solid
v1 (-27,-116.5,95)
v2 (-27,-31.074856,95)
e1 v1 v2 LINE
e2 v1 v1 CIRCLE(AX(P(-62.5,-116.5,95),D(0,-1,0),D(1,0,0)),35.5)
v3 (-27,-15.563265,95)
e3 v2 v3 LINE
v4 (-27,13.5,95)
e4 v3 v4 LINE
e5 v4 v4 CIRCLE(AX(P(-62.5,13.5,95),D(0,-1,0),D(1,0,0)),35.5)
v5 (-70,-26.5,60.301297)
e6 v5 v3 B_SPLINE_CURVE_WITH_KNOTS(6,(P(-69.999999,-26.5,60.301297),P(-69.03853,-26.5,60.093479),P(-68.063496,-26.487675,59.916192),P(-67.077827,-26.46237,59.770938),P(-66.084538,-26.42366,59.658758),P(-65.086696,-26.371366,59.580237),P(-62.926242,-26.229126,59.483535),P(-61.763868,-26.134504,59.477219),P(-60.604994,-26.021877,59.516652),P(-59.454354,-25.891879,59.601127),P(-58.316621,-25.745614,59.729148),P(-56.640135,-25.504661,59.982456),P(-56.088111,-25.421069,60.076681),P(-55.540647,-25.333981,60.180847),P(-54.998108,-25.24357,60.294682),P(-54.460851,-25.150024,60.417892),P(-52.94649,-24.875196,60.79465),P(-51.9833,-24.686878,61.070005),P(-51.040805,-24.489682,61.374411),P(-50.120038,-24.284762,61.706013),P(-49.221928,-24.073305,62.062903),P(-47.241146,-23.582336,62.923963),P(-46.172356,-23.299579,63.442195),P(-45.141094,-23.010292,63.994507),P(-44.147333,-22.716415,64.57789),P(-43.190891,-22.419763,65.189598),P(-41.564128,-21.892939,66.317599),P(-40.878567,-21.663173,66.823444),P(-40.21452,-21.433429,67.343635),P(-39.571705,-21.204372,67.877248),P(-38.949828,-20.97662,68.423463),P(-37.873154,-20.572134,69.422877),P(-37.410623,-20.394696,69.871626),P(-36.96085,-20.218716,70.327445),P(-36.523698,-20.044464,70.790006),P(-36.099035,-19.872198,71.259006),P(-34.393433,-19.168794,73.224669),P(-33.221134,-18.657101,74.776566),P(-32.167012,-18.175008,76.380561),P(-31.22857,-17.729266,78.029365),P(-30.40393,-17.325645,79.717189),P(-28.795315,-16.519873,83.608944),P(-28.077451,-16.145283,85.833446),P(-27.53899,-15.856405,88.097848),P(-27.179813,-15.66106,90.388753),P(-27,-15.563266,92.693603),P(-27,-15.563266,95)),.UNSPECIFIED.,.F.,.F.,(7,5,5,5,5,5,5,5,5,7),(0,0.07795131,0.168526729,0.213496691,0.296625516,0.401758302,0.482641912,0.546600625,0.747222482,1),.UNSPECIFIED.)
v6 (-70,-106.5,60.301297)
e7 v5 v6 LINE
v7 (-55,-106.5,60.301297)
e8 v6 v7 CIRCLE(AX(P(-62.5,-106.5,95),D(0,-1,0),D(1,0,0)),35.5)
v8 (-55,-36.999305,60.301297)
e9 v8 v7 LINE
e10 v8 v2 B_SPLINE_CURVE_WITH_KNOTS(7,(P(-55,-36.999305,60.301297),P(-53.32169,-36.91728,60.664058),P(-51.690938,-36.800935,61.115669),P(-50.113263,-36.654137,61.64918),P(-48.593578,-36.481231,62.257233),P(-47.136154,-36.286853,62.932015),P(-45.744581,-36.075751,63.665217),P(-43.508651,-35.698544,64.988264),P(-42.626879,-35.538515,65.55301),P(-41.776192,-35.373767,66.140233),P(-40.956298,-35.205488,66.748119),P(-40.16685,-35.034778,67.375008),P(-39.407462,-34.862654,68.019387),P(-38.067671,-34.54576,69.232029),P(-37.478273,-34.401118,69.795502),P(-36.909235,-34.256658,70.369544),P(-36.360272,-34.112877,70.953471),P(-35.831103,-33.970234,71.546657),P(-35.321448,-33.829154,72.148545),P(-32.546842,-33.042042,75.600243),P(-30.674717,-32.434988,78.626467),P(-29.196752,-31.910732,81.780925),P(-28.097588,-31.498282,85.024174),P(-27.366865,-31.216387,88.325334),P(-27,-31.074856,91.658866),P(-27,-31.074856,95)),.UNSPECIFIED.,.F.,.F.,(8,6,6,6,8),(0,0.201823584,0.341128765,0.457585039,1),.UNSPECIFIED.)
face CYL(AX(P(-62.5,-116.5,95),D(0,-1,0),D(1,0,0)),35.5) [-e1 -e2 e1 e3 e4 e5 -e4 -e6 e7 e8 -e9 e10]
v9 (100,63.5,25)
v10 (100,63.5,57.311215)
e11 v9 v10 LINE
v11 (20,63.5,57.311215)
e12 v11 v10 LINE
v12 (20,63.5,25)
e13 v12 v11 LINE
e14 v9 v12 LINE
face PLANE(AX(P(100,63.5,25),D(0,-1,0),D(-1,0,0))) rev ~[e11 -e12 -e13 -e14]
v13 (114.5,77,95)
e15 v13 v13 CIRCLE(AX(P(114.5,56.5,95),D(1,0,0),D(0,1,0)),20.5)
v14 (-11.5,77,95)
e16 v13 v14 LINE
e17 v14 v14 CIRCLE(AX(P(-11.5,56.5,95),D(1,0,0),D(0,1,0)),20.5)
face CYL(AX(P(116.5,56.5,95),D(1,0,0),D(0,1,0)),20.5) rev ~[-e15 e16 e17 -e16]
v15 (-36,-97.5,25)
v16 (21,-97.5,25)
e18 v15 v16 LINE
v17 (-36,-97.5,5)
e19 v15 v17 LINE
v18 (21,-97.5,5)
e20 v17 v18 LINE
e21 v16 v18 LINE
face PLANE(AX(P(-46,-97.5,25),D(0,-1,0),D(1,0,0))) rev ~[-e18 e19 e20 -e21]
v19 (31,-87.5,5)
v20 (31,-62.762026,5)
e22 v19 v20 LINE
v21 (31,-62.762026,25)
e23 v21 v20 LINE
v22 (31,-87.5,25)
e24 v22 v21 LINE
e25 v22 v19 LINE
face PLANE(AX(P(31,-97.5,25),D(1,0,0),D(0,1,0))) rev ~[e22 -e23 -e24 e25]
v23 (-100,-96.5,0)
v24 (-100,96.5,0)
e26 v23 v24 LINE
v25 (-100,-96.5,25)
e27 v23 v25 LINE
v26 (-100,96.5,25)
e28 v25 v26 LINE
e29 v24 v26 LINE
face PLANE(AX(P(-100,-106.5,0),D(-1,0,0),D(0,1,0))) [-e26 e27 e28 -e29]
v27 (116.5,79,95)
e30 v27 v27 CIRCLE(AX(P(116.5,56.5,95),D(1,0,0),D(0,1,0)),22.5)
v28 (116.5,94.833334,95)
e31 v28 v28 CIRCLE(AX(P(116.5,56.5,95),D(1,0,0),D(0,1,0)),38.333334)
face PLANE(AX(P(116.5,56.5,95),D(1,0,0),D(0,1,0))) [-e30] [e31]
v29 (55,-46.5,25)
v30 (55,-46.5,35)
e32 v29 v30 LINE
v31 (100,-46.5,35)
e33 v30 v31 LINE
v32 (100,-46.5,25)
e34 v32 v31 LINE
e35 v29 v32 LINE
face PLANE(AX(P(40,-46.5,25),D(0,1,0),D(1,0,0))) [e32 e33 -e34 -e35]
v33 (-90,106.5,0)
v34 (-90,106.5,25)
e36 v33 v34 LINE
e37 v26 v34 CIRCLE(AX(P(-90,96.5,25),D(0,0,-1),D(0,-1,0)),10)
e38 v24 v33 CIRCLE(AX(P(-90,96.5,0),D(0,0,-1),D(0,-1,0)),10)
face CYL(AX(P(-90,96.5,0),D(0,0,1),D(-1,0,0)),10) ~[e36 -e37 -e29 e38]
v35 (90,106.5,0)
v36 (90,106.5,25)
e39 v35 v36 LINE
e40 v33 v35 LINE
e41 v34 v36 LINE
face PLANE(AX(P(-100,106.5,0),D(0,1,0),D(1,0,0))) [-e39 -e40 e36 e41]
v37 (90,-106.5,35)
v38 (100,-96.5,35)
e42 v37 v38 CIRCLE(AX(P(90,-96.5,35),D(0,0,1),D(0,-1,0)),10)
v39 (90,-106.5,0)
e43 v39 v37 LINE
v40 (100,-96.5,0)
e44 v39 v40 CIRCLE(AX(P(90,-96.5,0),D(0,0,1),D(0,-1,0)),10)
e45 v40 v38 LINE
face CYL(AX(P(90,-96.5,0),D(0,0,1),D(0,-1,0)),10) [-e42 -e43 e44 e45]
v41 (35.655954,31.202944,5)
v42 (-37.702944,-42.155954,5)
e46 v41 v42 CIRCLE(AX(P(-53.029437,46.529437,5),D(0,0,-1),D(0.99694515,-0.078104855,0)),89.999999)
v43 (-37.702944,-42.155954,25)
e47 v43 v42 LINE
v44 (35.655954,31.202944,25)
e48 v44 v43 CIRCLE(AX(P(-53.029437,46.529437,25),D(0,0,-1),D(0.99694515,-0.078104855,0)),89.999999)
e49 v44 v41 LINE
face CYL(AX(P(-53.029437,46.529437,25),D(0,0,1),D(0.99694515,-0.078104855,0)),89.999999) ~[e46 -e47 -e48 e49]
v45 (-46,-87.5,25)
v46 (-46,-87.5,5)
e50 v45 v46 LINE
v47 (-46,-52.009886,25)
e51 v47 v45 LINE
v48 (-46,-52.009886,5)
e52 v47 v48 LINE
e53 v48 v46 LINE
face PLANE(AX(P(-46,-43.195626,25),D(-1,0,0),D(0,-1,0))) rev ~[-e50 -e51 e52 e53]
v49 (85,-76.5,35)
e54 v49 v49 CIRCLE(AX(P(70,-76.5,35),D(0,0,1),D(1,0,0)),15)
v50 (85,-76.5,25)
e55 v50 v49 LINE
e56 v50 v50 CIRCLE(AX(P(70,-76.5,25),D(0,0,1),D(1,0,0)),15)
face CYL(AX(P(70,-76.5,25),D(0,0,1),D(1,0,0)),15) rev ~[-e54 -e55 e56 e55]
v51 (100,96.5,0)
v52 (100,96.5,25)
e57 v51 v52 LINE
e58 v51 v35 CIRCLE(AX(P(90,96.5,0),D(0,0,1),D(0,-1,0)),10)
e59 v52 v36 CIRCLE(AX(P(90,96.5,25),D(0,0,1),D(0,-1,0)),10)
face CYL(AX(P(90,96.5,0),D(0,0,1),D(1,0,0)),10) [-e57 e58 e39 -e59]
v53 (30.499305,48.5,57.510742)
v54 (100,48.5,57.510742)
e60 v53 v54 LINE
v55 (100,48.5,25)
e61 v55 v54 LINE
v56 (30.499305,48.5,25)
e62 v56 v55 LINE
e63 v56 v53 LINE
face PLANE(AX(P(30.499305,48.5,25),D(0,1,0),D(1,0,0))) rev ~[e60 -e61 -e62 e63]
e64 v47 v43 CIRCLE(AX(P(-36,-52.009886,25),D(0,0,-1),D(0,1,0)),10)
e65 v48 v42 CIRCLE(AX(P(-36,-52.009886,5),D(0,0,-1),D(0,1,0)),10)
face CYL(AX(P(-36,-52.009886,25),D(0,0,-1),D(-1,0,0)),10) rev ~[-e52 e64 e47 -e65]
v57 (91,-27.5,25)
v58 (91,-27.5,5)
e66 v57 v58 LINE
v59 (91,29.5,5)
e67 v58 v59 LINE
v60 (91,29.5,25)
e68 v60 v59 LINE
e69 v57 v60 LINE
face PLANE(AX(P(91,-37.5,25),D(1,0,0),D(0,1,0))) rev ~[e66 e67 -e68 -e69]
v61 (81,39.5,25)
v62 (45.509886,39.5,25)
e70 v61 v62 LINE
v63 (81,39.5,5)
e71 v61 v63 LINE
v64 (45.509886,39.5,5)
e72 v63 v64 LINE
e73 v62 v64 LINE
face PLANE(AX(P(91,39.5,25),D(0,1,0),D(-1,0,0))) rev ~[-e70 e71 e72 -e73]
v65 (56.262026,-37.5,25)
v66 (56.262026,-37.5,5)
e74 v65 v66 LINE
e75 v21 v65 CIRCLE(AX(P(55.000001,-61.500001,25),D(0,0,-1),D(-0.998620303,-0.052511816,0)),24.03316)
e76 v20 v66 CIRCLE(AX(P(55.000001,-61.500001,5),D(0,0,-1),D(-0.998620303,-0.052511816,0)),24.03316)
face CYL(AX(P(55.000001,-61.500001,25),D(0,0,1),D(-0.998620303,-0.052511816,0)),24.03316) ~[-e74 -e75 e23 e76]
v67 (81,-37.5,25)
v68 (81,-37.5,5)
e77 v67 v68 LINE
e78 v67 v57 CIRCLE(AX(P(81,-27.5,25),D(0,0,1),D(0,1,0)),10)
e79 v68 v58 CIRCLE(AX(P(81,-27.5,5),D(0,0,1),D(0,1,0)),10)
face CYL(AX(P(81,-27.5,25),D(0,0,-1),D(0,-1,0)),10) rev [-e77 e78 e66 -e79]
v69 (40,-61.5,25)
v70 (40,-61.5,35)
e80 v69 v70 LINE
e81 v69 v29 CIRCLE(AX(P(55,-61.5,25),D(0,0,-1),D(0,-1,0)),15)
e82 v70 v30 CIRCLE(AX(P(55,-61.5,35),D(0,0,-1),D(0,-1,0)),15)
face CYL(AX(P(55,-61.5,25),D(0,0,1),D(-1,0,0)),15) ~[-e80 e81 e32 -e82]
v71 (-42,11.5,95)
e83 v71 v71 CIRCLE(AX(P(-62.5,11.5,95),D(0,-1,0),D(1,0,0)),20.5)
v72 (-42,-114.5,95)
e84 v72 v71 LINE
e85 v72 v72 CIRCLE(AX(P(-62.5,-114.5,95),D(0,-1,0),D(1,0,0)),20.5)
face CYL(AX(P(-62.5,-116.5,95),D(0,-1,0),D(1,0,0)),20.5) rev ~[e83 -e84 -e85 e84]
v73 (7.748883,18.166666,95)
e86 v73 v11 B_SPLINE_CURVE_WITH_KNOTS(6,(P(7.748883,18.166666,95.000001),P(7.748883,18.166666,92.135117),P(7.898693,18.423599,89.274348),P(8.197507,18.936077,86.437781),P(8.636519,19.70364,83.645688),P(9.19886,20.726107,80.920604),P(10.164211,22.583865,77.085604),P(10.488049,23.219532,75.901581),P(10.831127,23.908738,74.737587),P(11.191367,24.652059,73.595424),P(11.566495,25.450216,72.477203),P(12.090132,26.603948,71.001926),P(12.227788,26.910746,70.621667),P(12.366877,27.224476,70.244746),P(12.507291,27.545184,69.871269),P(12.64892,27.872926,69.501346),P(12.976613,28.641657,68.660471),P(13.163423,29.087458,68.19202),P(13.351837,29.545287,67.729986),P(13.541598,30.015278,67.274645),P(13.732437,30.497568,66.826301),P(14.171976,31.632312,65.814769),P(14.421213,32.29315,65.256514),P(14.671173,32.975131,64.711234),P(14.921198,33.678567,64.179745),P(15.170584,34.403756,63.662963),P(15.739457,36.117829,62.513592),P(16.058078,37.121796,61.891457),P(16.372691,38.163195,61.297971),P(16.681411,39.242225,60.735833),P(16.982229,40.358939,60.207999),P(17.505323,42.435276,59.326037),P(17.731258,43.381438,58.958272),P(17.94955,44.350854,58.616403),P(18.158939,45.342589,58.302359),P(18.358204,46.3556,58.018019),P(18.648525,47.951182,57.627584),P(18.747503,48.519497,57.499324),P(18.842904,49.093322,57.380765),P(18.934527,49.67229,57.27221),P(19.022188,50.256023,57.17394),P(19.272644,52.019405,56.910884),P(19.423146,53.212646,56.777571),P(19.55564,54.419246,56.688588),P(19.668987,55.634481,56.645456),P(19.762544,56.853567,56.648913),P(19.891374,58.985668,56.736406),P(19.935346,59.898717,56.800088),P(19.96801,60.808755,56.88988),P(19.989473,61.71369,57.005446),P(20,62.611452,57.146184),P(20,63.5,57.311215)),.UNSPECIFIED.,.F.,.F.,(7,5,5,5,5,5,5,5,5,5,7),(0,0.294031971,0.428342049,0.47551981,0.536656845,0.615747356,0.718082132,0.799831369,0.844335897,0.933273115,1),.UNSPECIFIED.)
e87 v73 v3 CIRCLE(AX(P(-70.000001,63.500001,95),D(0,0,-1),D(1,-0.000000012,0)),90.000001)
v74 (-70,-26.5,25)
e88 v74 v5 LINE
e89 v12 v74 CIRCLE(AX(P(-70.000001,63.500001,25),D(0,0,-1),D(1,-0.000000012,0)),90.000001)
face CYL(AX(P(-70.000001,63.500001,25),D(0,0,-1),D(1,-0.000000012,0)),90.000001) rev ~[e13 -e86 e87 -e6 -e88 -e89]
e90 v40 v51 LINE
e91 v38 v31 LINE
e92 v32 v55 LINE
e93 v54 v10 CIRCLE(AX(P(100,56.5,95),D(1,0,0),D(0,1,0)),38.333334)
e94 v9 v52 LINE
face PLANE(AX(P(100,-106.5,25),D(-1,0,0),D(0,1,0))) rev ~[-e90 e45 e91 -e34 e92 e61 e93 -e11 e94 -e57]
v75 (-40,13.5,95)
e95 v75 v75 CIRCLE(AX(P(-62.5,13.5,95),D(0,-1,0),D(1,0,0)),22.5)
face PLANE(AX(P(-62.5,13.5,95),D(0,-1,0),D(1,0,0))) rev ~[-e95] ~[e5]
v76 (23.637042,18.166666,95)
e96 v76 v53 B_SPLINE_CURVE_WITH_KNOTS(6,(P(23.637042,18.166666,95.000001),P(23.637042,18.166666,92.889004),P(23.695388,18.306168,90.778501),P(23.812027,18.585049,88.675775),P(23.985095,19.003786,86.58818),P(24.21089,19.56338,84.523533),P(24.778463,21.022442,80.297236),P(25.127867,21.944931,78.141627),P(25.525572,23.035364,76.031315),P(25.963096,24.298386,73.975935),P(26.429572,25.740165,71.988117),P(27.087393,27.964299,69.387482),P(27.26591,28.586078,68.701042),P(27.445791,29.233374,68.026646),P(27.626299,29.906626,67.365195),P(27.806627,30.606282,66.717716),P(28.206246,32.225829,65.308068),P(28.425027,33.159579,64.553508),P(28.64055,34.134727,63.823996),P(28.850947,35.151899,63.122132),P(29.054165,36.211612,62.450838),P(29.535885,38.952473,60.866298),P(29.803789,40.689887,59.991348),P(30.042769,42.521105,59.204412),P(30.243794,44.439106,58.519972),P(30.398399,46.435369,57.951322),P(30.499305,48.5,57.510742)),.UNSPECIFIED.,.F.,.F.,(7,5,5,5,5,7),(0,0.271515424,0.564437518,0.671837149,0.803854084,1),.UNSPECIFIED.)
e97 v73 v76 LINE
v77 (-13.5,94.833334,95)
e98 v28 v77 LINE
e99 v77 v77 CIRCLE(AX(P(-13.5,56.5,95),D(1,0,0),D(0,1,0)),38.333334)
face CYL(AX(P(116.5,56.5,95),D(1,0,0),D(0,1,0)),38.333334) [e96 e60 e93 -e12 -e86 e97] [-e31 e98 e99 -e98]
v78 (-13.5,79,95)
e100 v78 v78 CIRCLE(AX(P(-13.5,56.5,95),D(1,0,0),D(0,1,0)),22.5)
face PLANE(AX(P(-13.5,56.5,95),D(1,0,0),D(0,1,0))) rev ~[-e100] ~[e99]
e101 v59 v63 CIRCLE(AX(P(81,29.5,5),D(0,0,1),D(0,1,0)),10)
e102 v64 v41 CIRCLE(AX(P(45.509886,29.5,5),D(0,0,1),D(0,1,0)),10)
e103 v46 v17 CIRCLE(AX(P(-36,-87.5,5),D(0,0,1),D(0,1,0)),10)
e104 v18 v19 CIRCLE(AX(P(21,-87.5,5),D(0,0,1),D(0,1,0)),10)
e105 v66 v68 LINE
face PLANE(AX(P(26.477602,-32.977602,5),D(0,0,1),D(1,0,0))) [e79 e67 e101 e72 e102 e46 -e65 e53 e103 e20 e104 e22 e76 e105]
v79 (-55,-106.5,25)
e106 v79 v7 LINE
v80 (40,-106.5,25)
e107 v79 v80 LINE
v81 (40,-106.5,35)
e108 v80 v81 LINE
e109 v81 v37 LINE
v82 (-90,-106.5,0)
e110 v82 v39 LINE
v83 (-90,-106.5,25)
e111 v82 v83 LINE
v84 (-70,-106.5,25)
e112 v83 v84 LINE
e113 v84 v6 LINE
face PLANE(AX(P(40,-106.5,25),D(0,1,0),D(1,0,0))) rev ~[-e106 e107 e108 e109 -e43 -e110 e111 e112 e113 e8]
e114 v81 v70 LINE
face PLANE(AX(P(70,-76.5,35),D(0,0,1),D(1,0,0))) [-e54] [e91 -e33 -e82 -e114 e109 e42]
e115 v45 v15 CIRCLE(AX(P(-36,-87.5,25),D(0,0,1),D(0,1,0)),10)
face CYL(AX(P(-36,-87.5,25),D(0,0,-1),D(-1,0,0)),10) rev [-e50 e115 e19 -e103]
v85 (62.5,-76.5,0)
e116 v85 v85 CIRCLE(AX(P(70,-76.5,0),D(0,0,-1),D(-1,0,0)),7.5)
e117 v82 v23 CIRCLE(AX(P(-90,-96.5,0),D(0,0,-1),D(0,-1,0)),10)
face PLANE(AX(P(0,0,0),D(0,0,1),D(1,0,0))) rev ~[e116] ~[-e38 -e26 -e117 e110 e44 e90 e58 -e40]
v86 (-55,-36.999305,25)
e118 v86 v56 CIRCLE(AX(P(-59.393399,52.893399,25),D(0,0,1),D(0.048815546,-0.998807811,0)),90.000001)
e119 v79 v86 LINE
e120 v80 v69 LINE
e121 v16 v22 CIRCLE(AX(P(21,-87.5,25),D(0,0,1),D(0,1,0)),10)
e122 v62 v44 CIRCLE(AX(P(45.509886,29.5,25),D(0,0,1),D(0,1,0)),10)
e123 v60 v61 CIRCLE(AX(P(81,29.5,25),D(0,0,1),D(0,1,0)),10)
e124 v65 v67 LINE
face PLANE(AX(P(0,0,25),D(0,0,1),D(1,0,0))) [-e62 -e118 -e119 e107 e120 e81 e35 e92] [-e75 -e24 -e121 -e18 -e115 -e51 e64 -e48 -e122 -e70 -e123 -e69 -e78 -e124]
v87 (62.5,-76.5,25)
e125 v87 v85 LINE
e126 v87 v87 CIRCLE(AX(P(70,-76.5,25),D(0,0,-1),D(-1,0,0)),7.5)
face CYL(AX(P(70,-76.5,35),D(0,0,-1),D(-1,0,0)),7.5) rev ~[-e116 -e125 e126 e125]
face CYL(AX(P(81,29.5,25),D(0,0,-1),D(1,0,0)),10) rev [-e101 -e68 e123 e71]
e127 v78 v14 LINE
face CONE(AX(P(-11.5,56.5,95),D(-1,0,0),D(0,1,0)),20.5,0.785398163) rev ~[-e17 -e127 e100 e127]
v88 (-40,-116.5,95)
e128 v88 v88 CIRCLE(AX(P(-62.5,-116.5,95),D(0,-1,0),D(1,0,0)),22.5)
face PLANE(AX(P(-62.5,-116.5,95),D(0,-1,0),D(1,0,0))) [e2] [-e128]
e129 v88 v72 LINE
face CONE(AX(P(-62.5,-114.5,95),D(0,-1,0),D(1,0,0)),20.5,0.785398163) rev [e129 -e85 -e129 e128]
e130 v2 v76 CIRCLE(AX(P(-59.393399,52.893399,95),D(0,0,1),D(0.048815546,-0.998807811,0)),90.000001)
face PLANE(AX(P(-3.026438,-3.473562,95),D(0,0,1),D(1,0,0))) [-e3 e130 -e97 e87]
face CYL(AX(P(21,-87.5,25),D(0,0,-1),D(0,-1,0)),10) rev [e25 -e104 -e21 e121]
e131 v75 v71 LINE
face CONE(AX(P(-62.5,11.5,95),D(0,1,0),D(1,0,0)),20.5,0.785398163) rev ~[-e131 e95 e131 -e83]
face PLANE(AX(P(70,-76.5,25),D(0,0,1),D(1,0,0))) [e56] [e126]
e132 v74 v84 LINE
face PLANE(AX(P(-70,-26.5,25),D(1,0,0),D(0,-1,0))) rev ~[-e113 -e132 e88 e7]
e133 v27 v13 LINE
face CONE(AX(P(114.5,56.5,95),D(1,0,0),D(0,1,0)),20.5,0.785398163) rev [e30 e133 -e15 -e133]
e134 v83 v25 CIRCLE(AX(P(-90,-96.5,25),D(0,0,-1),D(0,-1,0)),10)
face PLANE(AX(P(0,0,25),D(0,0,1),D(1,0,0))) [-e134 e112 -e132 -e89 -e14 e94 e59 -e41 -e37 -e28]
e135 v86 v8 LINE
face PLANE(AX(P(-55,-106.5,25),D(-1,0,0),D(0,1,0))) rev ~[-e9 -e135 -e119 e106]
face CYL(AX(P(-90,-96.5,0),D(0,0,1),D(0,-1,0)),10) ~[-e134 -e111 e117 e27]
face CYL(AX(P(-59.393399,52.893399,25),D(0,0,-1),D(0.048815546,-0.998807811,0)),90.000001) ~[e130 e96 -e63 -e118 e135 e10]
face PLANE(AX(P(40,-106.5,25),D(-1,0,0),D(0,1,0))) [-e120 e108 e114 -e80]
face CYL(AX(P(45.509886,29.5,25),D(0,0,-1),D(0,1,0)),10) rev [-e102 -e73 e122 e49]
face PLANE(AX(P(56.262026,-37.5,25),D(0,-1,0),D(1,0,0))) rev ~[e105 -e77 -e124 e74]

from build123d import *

# Parameters (mm, degrees)
F0_W            = 200
F0_H            = 213
F1_DEPTH        = 25
F3_DEPTH        = 70
F5_R            = 35.5
F6_DEPTH        = 130
F8_R            = 38.333334
F9_DEPTH        = 130
F10_R           = 20.5
F11_DEPTH       = 216.501
F12_R           = 20.5
F13_DEPTH       = 223.001
F14_W           = 60
F14_H           = 60
F15_DEPTH       = 10
F17_D           = 15
F17_CBORE_D     = 30
F17_CBORE_DEPTH = 10
F18_R           = 10
F19_R           = 15
F21_DEPTH       = 20
F22_R           = 10
F23_SIZE2       = 2
F23_SIZE        = 2


with BuildPart() as f1:
    # F0 (on Top) → F1 (new body)
    with BuildSketch(Plane.XY):
        Rectangle(F0_W, F0_H)
    extrude(amount=F1_DEPTH)

    # F2 (on face) → F3 (join)
    with BuildSketch(Plane.XY.offset(25)):
        with BuildLine():
            Line((-70, -26.5), (-70, -106.5))
            Line((-70, -106.5), (-55, -106.5))
            Line((-55, -106.5), (-55, -36.999305))
            ThreePointArc((-55, -36.999305), (4.246212, -10.746212), (30.499305, 48.5))
            Line((30.499305, 48.5), (100, 48.5))
            Line((100, 48.5), (100, 63.5))
            Line((100, 63.5), (20, 63.5))
            ThreePointArc((20, 63.5), (-6.36039, -0.13961), (-70, -26.5))
        make_face()
    extrude(amount=F3_DEPTH)

    # F5 (on offset) → F6 (join)
    with BuildSketch(Plane.XZ.offset(116.5)):
        with Locations((-62.5, 95)):
            Circle(F5_R)
    extrude(amount=-F6_DEPTH)

    # F8 (on offset) → F9 (join)
    with BuildSketch(Plane.YZ.offset(116.5)):
        with Locations((56.5, 95)):
            Circle(F8_R)
    extrude(amount=-F9_DEPTH)

    # F10 (on face) → F11 (cut, through all)
    with BuildSketch(Plane.YZ.offset(116.5)):
        with Locations((56.5, 95)):
            Circle(F10_R)
    extrude(amount=-F11_DEPTH, mode=Mode.SUBTRACT)

    # F12 (on face) → F13 (cut, through all)
    with BuildSketch(Plane.XZ.offset(116.5)):
        with Locations((-62.5, 95)):
            Circle(F12_R)
    extrude(amount=-F13_DEPTH, mode=Mode.SUBTRACT)

    # F14 (on face) → F15 (join)
    with BuildSketch(Plane.XY.offset(25)):
        with Locations((70, -76.5)):
            Rectangle(F14_W, F14_H)
    extrude(amount=F15_DEPTH)

    # F17 (through all)
    with Locations(Plane.XY.offset(35)):
        with Locations((70, -76.5)):
            CounterBoreHole(F17_D / 2, F17_CBORE_D / 2, F17_CBORE_DEPTH)

    # F18
    f18_edges = [f1.edges().sort_by_distance(p)[0] for p in [
        (100, 106.5, 12.5),
        (100, -106.5, 17.5),
        (-100, -106.5, 12.5),
        (-100, 106.5, 12.5),
    ]]
    fillet(f18_edges, radius=F18_R)

    # F19
    f19_edges = [f1.edges().sort_by_distance(p)[0] for p in [
        (40, -46.5, 30),
    ]]
    fillet(f19_edges, radius=F19_R)

    # F20 (on face) → F21 (cut)
    with BuildSketch(Plane.XY.offset(25)):
        with BuildLine():
            Line((-46, -43.195626), (-46, -97.5))
            Line((-46, -97.5), (31, -97.5))
            Line((31, -97.5), (31, -62.762026))
            ThreePointArc((31, -62.762026), (38.005991, -44.505991), (56.262026, -37.5))
            Line((56.262026, -37.5), (91, -37.5))
            Line((91, -37.5), (91, 39.5))
            Line((91, 39.5), (36.695626, 39.5))
            ThreePointArc((36.695626, 39.5), (10.610173, -17.110173), (-46, -43.195626))
        make_face()
    extrude(amount=-F21_DEPTH, mode=Mode.SUBTRACT)

    # F22
    f22_edges = [f1.edges().sort_by_distance(p)[0] for p in [
        (36.695626, 39.5, 15),
        (-46, -43.195626, 15),
        (91, 39.5, 15),
        (91, -37.5, 15),
        (31, -97.5, 15),
        (-46, -97.5, 15),
    ]]
    fillet(f22_edges, radius=F22_R)

    # F23
    f23_edges = [f1.edges().sort_by_distance(p)[0] for p in [
        (-83, -116.5, 95),
        (116.5, 36, 95),
        (-13.5, 36, 95),
        (-83, 13.5, 95),
    ]]
    chamfer(f23_edges, length=F23_SIZE, length2=F23_SIZE2)


solid = f1.part
